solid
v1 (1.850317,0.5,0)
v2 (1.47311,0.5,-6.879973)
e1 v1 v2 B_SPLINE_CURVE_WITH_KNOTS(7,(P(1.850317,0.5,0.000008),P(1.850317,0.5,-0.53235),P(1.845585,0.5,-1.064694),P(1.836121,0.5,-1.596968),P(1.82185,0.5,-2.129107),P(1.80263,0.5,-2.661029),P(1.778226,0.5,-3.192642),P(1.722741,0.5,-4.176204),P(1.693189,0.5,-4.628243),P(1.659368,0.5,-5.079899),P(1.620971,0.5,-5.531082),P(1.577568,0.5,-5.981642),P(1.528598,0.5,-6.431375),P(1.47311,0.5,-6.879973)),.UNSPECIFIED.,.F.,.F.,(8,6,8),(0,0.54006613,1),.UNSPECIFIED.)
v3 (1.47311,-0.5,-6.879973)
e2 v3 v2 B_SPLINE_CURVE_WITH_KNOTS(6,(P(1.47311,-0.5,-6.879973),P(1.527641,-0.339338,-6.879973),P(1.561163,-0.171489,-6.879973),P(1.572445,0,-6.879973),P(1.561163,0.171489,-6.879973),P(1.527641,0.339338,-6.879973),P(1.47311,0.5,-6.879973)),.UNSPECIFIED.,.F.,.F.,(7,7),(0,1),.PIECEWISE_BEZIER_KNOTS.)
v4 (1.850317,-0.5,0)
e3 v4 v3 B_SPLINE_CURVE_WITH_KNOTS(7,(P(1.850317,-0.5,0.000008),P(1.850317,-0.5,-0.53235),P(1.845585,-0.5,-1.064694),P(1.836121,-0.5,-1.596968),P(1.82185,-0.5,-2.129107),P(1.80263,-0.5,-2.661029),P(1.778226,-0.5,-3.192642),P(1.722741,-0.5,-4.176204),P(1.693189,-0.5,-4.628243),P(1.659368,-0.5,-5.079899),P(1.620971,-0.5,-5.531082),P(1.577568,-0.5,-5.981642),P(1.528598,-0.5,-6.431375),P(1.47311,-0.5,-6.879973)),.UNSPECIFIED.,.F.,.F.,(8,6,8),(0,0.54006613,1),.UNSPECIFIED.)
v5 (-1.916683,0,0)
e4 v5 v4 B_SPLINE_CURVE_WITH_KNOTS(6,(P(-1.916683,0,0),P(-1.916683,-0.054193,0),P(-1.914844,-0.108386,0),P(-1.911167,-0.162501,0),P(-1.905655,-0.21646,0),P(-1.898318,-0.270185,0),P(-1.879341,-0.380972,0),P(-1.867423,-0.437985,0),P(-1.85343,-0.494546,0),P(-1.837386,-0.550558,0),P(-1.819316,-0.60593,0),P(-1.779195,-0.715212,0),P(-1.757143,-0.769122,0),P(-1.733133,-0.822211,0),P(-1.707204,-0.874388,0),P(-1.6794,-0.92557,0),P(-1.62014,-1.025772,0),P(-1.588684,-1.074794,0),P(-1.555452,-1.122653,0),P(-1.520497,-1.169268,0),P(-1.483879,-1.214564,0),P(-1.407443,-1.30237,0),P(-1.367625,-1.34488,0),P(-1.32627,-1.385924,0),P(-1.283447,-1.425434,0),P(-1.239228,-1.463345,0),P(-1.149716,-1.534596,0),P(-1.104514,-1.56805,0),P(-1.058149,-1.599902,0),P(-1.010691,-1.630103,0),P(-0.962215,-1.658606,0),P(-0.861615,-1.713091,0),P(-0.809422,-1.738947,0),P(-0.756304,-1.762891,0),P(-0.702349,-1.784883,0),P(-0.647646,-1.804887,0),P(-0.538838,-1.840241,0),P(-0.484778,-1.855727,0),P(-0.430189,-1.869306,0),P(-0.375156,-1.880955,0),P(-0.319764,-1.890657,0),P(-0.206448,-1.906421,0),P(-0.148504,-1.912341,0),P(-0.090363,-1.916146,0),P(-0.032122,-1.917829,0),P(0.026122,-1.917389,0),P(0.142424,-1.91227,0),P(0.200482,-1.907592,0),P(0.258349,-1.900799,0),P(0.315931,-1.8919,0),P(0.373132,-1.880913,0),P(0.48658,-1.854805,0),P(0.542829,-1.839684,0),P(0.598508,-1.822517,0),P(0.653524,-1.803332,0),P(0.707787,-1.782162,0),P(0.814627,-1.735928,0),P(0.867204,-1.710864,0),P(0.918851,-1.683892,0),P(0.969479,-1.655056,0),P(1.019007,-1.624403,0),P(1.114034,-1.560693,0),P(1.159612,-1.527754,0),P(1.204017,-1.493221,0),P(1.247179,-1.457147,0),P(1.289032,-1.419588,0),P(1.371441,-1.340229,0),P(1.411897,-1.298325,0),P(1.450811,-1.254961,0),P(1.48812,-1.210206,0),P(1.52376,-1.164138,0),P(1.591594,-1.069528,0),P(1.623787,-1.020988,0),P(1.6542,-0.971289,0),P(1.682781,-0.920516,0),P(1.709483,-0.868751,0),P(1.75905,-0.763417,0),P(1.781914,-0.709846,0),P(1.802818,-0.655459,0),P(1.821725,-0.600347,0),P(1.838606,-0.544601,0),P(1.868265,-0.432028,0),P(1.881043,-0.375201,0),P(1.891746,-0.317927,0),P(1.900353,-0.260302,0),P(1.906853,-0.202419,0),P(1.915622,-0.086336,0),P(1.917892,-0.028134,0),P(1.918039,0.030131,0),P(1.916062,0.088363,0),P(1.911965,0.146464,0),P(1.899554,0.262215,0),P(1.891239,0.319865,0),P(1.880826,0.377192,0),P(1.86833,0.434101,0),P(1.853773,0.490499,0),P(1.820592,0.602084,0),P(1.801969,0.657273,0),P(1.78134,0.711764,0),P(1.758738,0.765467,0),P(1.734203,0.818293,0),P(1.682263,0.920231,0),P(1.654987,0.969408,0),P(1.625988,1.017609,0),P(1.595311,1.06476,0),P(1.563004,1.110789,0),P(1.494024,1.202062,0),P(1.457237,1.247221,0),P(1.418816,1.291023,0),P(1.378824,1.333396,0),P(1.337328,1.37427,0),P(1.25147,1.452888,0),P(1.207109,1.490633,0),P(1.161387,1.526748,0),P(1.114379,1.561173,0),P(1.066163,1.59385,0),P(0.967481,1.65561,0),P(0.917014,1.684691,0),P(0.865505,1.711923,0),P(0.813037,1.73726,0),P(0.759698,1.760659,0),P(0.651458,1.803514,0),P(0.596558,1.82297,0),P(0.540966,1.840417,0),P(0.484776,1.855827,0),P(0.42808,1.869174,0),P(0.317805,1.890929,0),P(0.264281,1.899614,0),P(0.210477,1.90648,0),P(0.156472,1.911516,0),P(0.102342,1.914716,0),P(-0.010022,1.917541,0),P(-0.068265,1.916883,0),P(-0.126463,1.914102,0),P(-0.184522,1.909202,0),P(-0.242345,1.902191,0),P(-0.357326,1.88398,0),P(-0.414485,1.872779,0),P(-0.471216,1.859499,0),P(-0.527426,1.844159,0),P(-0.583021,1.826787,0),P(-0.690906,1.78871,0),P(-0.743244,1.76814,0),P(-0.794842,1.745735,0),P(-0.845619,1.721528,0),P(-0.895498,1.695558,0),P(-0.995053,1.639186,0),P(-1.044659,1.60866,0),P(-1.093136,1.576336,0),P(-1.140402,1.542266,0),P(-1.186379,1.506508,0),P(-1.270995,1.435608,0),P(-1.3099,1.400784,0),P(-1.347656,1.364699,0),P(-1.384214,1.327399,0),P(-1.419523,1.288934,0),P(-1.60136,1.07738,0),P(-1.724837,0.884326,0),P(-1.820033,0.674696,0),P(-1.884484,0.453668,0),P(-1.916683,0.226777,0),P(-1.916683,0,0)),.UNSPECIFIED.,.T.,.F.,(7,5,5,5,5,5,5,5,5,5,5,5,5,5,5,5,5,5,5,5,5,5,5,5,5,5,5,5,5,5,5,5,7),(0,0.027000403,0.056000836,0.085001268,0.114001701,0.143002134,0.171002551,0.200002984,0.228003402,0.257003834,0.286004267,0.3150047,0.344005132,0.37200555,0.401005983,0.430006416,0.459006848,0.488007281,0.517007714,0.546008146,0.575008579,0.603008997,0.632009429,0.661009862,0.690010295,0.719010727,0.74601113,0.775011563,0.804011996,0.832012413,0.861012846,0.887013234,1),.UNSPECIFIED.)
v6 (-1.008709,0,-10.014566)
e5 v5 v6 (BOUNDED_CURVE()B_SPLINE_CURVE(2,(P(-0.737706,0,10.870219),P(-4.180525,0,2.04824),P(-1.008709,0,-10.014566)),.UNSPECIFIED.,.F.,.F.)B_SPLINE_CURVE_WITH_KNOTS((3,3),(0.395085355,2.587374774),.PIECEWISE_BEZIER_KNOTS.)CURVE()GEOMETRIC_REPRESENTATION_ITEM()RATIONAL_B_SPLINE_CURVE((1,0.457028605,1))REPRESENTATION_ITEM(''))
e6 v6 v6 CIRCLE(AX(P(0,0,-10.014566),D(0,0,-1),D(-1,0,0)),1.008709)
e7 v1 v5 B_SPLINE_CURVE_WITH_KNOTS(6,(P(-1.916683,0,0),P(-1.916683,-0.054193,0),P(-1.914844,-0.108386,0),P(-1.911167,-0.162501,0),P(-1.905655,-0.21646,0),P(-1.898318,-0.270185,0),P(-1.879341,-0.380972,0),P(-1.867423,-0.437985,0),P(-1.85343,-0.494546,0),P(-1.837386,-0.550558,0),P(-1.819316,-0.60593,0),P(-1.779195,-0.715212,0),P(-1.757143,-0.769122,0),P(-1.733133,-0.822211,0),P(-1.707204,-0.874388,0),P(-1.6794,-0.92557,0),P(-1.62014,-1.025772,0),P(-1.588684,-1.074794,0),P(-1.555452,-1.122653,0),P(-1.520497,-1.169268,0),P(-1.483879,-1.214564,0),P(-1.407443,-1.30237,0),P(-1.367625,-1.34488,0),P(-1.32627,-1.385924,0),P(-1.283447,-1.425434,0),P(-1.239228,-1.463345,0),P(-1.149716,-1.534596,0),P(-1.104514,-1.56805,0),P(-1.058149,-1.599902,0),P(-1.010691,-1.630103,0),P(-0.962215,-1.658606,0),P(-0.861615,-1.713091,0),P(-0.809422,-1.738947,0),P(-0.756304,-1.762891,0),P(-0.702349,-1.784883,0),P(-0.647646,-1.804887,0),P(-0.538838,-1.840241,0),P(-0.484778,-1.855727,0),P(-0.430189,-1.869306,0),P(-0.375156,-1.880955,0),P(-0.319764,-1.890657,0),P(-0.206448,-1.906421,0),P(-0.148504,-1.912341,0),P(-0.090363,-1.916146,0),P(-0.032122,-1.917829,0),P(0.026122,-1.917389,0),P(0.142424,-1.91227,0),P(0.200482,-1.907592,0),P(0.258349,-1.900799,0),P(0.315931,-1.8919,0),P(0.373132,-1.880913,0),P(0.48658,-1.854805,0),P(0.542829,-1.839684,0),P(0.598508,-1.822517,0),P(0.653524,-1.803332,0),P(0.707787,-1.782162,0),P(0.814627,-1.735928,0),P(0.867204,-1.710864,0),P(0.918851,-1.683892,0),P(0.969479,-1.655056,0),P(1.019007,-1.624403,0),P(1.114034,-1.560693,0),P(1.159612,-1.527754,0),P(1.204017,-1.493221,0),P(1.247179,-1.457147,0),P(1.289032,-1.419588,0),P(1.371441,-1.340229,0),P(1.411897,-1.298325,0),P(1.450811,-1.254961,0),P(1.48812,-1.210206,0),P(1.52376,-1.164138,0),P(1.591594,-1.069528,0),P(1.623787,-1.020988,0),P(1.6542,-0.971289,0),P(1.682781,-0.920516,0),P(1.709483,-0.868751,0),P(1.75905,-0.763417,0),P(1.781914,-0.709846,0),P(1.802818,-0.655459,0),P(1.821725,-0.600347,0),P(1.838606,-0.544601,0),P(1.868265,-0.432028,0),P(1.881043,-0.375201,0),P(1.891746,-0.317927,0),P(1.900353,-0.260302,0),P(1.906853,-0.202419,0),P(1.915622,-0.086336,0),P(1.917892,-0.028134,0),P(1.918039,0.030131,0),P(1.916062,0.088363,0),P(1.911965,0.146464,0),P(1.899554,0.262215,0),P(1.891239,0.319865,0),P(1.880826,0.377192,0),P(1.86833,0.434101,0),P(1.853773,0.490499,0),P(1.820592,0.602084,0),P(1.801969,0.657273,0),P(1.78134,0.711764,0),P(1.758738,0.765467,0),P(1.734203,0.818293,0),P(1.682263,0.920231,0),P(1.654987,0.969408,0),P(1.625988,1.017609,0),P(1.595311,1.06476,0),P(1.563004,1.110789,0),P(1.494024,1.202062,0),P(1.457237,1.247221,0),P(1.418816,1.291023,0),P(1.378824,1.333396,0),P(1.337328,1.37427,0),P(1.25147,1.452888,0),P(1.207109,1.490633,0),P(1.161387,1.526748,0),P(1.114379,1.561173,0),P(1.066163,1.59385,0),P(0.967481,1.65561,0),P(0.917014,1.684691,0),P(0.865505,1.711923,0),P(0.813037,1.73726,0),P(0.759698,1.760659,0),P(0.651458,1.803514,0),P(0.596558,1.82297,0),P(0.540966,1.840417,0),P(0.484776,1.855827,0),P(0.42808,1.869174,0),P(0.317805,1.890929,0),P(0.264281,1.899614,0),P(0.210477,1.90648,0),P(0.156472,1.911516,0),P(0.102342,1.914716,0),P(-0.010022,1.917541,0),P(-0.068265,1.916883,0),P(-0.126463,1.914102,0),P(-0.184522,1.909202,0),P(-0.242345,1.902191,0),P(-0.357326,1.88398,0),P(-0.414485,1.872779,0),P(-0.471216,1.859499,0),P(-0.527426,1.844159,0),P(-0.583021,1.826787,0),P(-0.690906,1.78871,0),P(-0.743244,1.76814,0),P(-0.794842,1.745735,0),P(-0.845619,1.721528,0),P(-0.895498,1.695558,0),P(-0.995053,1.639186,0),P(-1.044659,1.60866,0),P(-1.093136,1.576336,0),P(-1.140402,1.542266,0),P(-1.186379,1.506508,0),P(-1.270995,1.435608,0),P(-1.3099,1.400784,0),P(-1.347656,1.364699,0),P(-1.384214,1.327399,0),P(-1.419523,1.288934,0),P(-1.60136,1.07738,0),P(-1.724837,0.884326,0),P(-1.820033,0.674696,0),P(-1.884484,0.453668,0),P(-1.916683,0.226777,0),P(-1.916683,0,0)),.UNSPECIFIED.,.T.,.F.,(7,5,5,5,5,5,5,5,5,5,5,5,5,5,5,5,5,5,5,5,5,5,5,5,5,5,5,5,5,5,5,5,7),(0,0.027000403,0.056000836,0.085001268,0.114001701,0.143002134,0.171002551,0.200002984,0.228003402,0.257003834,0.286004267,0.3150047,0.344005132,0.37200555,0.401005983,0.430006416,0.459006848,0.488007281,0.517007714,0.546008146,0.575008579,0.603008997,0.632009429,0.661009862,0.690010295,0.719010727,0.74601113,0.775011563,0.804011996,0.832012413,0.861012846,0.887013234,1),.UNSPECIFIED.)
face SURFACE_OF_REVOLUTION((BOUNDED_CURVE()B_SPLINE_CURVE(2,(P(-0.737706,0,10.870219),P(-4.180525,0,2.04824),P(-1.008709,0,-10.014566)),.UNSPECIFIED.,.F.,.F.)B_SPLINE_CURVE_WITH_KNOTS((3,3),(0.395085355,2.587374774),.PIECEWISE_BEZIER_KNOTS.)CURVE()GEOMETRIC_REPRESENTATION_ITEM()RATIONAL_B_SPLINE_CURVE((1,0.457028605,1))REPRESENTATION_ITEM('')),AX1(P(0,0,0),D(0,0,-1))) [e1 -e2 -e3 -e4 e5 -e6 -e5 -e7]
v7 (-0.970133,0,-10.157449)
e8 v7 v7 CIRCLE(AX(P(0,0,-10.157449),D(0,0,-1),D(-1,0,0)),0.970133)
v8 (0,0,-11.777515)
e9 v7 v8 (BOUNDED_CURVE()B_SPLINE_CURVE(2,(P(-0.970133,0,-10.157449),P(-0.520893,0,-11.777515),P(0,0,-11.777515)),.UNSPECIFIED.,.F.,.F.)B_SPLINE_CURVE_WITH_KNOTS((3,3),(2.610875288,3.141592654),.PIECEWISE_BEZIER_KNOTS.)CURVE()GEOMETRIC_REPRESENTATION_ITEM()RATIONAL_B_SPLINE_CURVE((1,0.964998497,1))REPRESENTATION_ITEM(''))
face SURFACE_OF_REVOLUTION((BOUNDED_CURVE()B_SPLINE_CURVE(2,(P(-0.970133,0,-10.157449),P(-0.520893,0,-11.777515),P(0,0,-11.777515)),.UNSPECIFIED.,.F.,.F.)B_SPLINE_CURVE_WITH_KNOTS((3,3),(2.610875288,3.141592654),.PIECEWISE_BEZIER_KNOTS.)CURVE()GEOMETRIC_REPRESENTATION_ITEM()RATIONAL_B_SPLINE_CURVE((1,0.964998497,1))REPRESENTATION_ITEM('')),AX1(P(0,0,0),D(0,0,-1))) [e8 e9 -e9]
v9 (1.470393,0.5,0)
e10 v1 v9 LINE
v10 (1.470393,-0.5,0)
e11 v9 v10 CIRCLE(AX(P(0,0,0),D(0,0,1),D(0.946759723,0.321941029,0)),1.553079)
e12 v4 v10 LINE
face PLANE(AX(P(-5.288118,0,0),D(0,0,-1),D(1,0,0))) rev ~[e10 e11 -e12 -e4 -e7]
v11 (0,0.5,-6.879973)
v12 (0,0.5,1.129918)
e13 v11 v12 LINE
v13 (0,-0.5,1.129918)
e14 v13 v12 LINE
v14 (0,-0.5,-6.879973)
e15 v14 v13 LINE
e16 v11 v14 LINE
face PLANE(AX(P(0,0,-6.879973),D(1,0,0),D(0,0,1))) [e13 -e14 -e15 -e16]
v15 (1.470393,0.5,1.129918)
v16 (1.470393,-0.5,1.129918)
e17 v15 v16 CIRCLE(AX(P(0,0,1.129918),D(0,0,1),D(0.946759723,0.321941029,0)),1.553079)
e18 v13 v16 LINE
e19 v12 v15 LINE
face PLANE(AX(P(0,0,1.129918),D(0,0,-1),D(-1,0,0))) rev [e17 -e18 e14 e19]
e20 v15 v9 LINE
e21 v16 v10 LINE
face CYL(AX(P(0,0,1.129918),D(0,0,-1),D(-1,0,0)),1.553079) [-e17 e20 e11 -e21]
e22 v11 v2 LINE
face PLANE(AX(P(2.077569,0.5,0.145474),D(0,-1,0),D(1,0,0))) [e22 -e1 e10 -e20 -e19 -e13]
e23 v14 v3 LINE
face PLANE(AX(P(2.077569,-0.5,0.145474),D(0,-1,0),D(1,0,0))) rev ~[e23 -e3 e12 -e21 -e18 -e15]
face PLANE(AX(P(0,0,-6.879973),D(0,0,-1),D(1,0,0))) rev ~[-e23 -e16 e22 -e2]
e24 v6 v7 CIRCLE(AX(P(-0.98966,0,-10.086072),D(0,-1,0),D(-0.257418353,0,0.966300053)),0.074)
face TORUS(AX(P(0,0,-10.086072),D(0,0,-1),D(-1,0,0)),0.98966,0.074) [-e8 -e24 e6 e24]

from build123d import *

# Parameters (mm, degrees)
F2_W     = 14.801774174
F2_H     = 17.4815300852
F3_DEPTH = 12.5
F5_W     = 4.1551380418
F5_H     = 14.0508930199
F7_DEPTH = 0.5


with BuildPart() as f1:
    # F0 (on Front) → F1 (revolve)
    with BuildSketch(Plane.XZ):
        with BuildLine():
            Line((-0.4280307109, 11.4827230744), (-0.4261488038, 11.4827230744))
            add(Edge.make_bspline(
                [(-0.4261488038, 11.4827230744), (-0.556664915, 11.2998342577), (-0.6817765252, 11.007238571)],
                knots=[0.2242103955, 0.2242103955, 0.2242103955, 0.3636698207, 0.3636698207, 0.3636698207], degree=2, weights=[1, 0.9975698685, 1]))
            ThreePointArc((-0.6817765252, 11.007238571), (-0.7788007209, 10.9669177702), (-0.7377063806, 10.8702186661))
            add(Edge.make_bspline(
                [(-0.7377063806, 10.8702186661), (-4.1805245814, 2.0482402355), (-1.0087089855, -10.0145657089)],
                knots=[0.3950853549, 0.3950853549, 0.3950853549, 2.5873747735, 2.5873747735, 2.5873747735], degree=2, weights=[1, 0.4570286054, 1]))
            ThreePointArc((-1.0087089855, -10.0145657089), (-1.0611021421, -10.1053598506), (-0.9701333294, -10.1574491407))
            add(Edge.make_bspline(
                [(-0.9701333294, -10.1574491407), (-0.5208925622, -11.7775146313), (0, -11.7775146313)],
                knots=[2.610875288, 2.610875288, 2.610875288, 3.1415926536, 3.1415926536, 3.1415926536], degree=2, weights=[1, 0.9649984965, 1]))
            Line((0, -11.7775146313), (0, 11.4827230744))
            Line((0, 11.4827230744), (0, 11.7775146313))
            Line((0, 11.7775146313), (0, 12.6633324179))
            Line((0, 12.6633324179), (0, 14.7848022901))
            Line((0, 14.7848022901), (0, 16.4847507584))
            Line((0, 16.4847507584), (0, 16.7663060129))
            Line((0, 16.7663060129), (-0.5209763767, 16.7663060129))
            Line((-0.5209763767, 16.7663060129), (-0.5209763767, 16.4847507584))
            Line((-0.5209763767, 16.4847507584), (-0.3074016407, 16.4847507584))
            Line((-0.3074016407, 16.4847507584), (-0.3074016407, 14.7848022901))
            Line((-0.3074016407, 14.7848022901), (-0.419876547, 14.7848022901))
            Line((-0.419876547, 14.7848022901), (-0.419876547, 12.6633324179))
            Line((-0.419876547, 12.6633324179), (-0.4280307109, 12.6633324179))
            Line((-0.4280307109, 12.6633324179), (-0.4280307109, 11.4827230744))
        make_face()
    revolve(axis=Axis((0, 0, 0), (0, 0, -1)))

    # F2 (on Front) → F3 (cut, symmetric)
    with BuildSketch(Plane.XZ):
        with Locations((2.1127695218, 8.7407650426)):
            Rectangle(F2_W, F2_H)
    extrude(amount=F3_DEPTH, both=True, mode=Mode.SUBTRACT)

    # F4 (on Front) → F6 (revolve)
    with BuildSketch(Plane.XZ):
        Polygon((0, 0), (0, 1.129917684), (-1.5530794626, 1.129917684), (-1.5530794626, 0), (-1.5530794626, -1.129917684), (0, -1.129917684), align=None)
    revolve(axis=Axis((0, 0, -0.564958842), (0, 0, -1)))

    # F5 (on Front) → F7 (cut, symmetric)
    with BuildSketch(Plane.XZ):
        with Locations((2.0775690209, 0.1454737503)):
            Rectangle(F5_W, F5_H)
    extrude(amount=F7_DEPTH, both=True, mode=Mode.SUBTRACT)


solid = f1.part
